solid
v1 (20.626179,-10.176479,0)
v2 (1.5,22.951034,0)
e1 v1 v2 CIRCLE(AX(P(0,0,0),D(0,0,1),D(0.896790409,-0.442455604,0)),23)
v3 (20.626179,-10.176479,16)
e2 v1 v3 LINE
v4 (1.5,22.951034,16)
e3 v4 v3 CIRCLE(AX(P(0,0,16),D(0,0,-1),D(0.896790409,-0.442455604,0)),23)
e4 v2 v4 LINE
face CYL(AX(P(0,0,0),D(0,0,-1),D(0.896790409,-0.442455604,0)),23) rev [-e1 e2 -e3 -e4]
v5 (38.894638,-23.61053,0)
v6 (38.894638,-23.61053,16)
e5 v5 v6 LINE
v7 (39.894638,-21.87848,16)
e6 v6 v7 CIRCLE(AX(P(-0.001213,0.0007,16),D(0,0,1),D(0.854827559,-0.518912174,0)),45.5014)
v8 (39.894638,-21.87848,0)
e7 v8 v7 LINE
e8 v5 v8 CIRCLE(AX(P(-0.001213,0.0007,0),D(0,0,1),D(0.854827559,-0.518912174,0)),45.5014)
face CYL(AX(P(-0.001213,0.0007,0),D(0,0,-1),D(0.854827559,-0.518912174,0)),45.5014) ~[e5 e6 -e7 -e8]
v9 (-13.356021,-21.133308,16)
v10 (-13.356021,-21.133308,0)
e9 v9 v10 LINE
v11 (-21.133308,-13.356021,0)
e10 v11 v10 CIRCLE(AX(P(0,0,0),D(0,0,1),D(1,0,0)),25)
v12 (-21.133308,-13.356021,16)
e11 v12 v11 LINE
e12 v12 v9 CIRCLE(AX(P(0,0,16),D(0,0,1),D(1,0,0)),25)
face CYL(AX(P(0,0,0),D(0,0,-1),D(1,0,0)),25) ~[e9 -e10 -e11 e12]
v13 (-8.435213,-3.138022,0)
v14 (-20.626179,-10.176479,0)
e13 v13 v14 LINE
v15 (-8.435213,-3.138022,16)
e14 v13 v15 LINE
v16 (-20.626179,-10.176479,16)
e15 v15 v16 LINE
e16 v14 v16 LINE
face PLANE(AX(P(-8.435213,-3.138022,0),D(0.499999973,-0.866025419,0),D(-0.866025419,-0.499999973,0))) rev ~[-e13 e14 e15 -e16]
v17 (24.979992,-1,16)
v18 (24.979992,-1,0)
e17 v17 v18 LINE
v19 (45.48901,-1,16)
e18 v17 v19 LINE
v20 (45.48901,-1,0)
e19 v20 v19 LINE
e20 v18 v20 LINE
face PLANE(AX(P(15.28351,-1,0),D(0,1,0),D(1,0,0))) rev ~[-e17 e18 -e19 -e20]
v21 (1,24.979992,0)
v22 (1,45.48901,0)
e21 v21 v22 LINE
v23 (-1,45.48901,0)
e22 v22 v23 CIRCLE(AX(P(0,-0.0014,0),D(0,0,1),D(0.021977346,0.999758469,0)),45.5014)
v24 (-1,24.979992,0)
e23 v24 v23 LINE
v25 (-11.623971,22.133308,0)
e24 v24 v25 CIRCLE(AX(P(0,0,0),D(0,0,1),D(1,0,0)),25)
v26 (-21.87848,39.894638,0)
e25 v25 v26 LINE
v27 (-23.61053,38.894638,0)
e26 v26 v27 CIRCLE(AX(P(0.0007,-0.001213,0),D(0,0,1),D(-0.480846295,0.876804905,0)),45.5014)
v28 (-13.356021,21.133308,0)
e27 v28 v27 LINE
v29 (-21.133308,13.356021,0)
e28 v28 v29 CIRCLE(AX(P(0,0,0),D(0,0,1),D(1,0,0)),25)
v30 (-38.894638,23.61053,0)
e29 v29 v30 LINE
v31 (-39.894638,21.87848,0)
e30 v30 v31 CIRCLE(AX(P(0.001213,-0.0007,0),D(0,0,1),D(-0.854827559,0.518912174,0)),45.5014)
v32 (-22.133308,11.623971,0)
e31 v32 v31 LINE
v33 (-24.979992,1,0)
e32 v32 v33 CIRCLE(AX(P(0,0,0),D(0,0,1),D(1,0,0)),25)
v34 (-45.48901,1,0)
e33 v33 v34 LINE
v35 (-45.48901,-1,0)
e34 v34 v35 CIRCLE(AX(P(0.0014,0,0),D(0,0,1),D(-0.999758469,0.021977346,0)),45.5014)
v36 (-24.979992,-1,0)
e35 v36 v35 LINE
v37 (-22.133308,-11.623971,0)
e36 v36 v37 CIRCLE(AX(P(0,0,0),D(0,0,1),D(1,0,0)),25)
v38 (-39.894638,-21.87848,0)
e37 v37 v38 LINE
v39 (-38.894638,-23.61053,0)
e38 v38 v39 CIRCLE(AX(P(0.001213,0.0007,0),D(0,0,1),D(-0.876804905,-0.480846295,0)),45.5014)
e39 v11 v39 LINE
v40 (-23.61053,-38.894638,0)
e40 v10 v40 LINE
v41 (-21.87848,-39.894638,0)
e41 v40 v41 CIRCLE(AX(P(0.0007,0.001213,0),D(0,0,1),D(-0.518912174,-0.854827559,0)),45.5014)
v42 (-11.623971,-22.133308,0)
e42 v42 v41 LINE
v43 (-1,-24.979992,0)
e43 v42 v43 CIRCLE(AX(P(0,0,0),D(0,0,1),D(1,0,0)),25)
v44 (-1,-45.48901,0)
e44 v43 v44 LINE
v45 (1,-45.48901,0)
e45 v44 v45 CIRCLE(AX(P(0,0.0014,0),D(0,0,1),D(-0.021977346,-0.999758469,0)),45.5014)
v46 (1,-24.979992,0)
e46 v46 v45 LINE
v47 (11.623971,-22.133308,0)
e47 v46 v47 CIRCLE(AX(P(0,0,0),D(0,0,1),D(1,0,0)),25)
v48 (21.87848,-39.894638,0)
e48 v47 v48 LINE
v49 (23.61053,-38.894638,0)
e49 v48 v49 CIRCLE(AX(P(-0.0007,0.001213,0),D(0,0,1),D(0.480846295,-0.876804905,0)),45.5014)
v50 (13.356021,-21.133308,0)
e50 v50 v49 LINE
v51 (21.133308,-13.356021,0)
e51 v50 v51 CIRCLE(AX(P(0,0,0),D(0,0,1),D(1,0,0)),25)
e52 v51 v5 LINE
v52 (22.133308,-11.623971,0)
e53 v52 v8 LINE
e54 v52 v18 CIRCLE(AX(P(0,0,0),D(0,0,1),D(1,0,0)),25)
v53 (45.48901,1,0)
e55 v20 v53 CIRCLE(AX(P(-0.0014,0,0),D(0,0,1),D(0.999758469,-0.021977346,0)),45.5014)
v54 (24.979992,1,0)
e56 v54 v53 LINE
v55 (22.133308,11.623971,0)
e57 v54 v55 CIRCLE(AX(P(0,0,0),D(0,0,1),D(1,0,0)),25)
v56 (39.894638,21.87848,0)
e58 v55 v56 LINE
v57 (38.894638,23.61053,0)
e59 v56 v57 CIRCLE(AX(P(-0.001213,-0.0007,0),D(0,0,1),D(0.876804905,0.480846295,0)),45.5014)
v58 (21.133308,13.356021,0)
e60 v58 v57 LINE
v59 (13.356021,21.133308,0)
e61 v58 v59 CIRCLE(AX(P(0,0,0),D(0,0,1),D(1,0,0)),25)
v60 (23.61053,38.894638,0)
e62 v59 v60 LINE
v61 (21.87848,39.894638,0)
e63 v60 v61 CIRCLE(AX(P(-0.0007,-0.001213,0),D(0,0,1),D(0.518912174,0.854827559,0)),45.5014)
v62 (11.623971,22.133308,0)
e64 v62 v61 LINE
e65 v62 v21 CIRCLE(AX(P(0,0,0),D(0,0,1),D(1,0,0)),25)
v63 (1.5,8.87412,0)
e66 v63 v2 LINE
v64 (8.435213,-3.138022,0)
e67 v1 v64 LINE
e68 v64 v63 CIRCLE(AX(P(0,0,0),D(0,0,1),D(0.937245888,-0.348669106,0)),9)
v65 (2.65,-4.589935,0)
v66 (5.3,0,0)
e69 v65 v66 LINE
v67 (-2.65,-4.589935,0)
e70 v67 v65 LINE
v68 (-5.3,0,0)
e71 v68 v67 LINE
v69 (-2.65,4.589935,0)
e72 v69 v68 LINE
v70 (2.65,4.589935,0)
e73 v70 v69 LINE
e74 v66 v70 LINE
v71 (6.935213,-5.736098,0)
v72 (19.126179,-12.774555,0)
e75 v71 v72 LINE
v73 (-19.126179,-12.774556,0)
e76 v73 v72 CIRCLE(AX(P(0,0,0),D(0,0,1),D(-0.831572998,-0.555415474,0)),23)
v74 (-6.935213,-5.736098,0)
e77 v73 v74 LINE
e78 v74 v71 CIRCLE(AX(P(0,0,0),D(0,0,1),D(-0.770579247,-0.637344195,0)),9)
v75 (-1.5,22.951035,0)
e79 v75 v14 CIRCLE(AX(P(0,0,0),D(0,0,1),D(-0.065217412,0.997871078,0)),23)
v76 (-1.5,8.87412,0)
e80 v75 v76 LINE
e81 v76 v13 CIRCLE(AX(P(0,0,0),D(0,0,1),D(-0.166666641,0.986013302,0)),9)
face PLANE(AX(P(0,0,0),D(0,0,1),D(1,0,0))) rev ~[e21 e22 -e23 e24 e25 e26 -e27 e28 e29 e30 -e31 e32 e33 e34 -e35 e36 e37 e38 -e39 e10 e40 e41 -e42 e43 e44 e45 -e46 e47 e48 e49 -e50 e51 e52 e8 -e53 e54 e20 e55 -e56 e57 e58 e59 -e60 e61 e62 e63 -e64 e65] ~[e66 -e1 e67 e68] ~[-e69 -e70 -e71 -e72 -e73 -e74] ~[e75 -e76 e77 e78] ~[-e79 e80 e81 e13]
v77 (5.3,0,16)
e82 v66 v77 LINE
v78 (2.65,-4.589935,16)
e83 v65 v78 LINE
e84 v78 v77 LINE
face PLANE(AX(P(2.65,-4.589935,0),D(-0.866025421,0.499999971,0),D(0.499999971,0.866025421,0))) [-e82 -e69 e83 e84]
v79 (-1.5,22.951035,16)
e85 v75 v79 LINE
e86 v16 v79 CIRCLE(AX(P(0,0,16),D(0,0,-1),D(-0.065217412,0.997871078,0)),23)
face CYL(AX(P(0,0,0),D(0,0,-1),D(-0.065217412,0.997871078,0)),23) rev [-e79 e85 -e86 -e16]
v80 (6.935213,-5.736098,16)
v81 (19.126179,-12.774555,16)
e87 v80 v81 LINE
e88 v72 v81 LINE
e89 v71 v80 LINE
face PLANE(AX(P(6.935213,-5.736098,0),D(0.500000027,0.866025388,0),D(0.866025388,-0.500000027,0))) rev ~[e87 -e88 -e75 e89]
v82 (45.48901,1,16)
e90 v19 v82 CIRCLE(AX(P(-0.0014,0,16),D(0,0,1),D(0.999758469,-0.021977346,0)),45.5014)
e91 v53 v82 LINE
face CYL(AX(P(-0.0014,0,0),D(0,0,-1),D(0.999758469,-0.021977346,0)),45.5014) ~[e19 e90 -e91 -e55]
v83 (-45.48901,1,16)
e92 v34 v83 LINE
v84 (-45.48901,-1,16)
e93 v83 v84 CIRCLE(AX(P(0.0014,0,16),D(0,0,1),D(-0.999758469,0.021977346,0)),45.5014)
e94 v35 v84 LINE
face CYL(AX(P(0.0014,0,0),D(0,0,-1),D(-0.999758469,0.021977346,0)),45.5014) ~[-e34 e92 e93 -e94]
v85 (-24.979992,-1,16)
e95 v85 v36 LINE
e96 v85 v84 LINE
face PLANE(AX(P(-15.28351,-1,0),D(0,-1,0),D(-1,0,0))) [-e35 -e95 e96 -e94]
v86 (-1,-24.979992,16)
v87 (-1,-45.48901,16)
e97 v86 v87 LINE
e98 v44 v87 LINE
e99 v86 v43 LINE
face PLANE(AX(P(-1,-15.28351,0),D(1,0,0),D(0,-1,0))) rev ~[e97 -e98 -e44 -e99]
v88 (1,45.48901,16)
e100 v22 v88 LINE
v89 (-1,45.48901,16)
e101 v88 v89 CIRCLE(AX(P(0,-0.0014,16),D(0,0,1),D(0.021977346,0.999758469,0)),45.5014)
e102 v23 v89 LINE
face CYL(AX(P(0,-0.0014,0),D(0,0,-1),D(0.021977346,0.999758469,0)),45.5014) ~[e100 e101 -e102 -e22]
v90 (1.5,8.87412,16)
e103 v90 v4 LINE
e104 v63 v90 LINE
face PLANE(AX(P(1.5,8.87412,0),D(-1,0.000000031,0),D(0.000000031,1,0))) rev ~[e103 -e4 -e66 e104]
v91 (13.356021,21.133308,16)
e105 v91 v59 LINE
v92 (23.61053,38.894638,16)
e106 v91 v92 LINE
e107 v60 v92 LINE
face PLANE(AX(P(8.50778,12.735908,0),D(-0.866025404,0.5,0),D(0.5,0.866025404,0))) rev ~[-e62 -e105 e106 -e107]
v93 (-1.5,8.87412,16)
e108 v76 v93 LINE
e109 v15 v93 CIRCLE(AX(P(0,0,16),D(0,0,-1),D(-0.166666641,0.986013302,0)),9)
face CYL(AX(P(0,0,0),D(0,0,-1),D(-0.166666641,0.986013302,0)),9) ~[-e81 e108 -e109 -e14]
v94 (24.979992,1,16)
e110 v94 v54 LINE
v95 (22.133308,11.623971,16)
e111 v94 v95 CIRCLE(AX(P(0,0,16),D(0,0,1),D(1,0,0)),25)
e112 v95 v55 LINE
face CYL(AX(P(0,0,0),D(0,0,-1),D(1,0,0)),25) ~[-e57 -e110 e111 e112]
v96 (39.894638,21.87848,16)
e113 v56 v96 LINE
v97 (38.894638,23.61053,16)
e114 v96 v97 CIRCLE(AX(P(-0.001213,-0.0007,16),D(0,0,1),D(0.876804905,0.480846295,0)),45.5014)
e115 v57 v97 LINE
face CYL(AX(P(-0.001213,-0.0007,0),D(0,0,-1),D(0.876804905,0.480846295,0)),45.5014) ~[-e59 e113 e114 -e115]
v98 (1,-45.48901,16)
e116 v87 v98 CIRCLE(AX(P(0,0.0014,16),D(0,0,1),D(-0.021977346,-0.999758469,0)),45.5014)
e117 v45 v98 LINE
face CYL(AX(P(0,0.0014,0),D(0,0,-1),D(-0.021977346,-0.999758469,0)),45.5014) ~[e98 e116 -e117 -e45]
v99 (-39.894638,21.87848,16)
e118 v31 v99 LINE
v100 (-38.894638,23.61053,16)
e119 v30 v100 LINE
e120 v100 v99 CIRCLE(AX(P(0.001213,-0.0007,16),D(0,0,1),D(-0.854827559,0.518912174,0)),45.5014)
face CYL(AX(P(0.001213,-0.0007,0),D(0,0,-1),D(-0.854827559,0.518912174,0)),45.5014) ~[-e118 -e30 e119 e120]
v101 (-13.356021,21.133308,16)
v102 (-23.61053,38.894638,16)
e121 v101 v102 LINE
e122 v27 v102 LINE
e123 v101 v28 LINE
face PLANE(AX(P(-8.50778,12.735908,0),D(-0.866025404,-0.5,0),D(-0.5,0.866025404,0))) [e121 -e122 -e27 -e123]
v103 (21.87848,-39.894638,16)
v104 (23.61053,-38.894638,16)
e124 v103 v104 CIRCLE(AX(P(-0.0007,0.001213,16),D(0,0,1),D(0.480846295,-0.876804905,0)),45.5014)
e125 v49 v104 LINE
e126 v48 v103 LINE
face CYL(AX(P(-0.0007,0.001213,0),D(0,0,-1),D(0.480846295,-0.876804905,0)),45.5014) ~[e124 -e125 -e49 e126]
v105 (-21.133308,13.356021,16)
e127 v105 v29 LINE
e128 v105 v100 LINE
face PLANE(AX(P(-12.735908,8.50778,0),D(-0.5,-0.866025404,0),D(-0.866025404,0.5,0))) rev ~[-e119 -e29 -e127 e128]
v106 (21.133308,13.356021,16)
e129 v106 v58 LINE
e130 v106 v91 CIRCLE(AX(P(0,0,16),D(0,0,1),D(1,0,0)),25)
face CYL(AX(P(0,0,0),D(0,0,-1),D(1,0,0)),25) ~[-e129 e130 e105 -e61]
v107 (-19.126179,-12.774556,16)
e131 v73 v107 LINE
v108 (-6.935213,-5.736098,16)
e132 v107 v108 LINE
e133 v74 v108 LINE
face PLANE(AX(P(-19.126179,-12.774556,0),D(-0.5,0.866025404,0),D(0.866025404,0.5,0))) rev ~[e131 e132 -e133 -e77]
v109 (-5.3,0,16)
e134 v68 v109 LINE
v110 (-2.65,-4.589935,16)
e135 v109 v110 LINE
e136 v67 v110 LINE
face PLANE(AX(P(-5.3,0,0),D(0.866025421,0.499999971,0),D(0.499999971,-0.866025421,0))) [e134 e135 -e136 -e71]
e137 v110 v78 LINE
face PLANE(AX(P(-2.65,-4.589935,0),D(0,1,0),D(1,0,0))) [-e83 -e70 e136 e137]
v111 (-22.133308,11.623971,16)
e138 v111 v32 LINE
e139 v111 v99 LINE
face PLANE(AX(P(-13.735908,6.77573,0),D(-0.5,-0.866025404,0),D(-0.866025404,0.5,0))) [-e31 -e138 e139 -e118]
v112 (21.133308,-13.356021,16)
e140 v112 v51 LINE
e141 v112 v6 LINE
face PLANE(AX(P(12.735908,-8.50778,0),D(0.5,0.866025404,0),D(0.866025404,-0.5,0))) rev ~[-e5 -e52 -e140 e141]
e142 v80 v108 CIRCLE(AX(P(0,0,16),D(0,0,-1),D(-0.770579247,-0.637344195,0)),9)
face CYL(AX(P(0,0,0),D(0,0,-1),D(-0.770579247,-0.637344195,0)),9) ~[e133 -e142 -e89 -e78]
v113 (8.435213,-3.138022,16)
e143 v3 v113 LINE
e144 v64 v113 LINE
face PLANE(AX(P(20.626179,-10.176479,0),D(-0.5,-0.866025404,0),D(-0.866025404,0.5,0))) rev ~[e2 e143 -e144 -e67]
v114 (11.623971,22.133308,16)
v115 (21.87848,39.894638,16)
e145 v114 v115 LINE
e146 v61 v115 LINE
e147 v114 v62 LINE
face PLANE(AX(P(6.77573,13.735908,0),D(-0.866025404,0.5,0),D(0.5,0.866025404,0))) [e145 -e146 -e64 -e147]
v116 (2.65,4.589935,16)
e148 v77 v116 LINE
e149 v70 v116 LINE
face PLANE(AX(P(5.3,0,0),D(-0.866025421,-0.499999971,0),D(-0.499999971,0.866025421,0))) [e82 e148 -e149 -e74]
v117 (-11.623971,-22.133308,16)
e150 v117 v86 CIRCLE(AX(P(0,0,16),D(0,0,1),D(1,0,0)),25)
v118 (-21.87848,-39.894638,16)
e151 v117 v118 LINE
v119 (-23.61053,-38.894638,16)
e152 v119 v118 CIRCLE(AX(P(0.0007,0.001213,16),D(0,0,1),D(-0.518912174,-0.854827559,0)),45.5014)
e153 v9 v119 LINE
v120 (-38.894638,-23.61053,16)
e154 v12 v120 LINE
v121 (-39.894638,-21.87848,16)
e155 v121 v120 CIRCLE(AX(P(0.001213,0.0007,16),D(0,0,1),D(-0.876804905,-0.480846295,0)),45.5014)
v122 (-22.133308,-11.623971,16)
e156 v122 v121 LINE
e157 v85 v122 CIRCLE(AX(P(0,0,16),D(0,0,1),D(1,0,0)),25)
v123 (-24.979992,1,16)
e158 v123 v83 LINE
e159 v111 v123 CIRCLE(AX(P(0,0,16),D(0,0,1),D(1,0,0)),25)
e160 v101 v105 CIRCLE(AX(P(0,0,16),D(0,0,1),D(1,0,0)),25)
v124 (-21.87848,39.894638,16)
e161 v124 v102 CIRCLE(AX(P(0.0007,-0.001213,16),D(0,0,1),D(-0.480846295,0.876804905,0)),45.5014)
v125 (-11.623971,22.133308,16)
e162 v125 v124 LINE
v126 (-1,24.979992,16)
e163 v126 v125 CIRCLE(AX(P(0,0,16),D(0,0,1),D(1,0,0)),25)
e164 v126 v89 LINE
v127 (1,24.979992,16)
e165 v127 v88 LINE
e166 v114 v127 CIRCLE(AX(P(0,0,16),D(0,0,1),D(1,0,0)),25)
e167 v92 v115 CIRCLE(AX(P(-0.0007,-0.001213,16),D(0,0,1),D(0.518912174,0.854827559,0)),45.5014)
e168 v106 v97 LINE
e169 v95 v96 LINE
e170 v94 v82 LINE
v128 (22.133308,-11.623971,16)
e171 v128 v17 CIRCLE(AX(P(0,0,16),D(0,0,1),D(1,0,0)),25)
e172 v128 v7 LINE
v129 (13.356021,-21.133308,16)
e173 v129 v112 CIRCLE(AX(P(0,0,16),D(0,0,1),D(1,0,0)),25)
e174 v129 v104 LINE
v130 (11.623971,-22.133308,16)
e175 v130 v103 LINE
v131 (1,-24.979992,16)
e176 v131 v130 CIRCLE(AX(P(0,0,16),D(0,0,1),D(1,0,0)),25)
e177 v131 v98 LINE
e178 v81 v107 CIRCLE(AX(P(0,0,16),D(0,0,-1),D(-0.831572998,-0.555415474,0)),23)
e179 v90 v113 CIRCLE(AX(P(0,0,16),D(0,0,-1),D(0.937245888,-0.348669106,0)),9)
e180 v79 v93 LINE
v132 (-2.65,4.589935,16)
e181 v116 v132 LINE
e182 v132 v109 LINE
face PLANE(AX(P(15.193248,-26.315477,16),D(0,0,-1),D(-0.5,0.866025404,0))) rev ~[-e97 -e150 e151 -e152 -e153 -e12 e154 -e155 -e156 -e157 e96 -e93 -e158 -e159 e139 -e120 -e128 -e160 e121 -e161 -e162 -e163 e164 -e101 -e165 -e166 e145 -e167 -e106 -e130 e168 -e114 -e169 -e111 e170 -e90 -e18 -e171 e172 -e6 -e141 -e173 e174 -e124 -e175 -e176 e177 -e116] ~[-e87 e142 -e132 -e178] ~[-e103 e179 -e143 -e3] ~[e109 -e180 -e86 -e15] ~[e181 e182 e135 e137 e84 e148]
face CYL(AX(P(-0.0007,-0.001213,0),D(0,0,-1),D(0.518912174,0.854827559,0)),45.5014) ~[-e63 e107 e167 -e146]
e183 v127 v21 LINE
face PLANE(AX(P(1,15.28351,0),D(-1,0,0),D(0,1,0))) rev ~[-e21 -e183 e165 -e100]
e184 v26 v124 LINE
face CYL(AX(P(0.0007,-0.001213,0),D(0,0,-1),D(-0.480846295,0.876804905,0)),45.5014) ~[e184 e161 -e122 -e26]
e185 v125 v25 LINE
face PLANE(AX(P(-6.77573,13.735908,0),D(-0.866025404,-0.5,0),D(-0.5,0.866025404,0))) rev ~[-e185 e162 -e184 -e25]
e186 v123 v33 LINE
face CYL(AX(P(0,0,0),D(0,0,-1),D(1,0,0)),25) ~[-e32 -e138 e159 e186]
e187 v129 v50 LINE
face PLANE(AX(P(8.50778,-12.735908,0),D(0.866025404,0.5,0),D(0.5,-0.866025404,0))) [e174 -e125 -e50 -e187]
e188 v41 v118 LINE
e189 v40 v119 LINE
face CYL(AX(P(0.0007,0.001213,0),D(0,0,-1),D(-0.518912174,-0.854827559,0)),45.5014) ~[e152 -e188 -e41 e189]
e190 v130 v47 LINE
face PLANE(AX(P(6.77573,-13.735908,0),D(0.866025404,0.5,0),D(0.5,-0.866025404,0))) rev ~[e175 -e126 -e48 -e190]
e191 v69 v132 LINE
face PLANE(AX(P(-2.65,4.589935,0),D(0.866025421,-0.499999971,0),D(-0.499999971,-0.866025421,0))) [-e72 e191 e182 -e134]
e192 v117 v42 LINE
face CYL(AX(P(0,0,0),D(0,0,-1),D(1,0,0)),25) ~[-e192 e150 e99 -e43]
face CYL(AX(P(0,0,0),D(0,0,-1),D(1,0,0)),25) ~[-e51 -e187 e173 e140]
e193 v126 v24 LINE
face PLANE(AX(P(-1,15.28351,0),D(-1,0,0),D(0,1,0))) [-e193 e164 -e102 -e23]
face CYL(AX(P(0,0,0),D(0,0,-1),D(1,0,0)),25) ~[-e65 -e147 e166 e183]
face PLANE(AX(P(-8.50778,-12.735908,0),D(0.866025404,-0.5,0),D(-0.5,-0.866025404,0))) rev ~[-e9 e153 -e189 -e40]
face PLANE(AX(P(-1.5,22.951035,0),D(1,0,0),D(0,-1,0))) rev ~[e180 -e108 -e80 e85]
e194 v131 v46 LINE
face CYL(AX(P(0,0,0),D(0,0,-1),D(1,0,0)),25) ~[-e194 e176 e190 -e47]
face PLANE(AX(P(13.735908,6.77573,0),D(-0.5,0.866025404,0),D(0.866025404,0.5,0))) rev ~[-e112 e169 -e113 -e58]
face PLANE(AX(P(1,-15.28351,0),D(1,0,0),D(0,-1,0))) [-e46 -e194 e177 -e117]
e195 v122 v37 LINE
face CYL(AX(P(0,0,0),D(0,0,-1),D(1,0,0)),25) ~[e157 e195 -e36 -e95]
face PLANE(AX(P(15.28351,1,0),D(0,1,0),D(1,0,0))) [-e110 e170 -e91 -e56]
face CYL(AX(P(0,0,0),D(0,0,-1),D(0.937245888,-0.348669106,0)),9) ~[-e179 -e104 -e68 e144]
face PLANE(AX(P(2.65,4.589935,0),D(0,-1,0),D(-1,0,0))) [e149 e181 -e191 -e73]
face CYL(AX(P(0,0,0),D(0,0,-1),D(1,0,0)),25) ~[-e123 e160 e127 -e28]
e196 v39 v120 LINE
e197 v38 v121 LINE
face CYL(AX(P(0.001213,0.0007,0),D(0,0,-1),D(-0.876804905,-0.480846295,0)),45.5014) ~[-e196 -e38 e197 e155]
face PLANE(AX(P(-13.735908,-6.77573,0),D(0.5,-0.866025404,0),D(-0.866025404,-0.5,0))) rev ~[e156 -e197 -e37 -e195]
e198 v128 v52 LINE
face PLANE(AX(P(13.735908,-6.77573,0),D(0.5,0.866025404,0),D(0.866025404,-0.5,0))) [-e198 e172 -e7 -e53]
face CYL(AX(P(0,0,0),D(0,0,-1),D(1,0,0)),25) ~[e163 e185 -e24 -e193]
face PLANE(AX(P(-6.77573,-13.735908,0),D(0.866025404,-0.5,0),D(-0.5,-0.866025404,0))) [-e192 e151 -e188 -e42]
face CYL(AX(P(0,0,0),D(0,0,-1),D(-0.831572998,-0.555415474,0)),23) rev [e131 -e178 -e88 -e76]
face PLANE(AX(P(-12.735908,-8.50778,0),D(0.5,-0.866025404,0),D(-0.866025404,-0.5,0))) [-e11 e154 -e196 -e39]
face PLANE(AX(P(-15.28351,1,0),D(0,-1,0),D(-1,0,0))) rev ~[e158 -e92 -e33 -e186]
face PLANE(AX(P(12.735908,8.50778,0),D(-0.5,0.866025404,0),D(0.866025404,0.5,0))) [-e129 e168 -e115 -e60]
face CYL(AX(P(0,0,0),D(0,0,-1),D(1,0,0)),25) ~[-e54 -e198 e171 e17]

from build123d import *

# Parameters (mm, degrees)
SKETCH_R              = 25
PAD_DEPTH             = 16
PAD001_DEPTH          = 16
POLARPATTERN_COUNT    = 12
POCKET_DEPTH          = 16.001
POCKET001_DEPTH       = 275.369464
POLARPATTERN001_COUNT = 3


with BuildPart() as part:
    # Sketch → Pad (new body)
    with BuildSketch(Plane.XY):
        Circle(SKETCH_R)
    extrude(amount=PAD_DEPTH)

    # Sketch002 → Pad001 (join)
    with BuildSketch(Plane.XY):
        with BuildLine():
            Line((15.28351, 1), (45.48901, 1))
            ThreePointArc((45.48901, -1), (45.5, 0), (45.48901, 1))
            Line((15.28351, -1), (45.48901, -1))
            Line((15.28351, 1), (15.28351, -1))
        make_face()
    pad001 = extrude(amount=PAD001_DEPTH)

    # PolarPattern: Pad001 ×12 about axis
    polarpattern_axis = Axis((0, 0, 0), (0, 0, 1))
    for i in range(1, POLARPATTERN_COUNT):
        add(pad001.rotate(polarpattern_axis, i * 360 / POLARPATTERN_COUNT))

    # Sketch003 → Pocket (cut, through all)
    with BuildSketch(Plane.XY):
        Polygon((-5.3, 0), (-2.65, -4.589935), (2.65, -4.589935), (5.3, 0), (2.65, 4.589935), (-2.65, 4.589935), align=None)
    extrude(amount=POCKET_DEPTH, mode=Mode.SUBTRACT)

    # Sketch004 → Pocket001 (cut, through all)
    with BuildSketch(Plane.XY):
        with BuildLine():
            Line((-1.5, 22.951035), (-1.5, 8.87412))
            ThreePointArc((-1.5, 8.87412), (-7.794229, 4.5), (-8.435213, -3.138022))
            Line((-8.435213, -3.138022), (-20.626179, -10.176479))
            ThreePointArc((-1.5, 22.951035), (-19.918584, 11.5), (-20.626179, -10.176479))
        make_face()
    pocket001 = extrude(amount=POCKET001_DEPTH, mode=Mode.SUBTRACT)

    # PolarPattern001: Pocket001 ×3 about axis
    polarpattern001_axis = Axis((0, 0, 0), (0, 0, 1))
    for i in range(1, POLARPATTERN001_COUNT):
        add(pocket001.rotate(polarpattern001_axis, i * 360 / POLARPATTERN001_COUNT), mode=Mode.SUBTRACT)


solid = part.part
